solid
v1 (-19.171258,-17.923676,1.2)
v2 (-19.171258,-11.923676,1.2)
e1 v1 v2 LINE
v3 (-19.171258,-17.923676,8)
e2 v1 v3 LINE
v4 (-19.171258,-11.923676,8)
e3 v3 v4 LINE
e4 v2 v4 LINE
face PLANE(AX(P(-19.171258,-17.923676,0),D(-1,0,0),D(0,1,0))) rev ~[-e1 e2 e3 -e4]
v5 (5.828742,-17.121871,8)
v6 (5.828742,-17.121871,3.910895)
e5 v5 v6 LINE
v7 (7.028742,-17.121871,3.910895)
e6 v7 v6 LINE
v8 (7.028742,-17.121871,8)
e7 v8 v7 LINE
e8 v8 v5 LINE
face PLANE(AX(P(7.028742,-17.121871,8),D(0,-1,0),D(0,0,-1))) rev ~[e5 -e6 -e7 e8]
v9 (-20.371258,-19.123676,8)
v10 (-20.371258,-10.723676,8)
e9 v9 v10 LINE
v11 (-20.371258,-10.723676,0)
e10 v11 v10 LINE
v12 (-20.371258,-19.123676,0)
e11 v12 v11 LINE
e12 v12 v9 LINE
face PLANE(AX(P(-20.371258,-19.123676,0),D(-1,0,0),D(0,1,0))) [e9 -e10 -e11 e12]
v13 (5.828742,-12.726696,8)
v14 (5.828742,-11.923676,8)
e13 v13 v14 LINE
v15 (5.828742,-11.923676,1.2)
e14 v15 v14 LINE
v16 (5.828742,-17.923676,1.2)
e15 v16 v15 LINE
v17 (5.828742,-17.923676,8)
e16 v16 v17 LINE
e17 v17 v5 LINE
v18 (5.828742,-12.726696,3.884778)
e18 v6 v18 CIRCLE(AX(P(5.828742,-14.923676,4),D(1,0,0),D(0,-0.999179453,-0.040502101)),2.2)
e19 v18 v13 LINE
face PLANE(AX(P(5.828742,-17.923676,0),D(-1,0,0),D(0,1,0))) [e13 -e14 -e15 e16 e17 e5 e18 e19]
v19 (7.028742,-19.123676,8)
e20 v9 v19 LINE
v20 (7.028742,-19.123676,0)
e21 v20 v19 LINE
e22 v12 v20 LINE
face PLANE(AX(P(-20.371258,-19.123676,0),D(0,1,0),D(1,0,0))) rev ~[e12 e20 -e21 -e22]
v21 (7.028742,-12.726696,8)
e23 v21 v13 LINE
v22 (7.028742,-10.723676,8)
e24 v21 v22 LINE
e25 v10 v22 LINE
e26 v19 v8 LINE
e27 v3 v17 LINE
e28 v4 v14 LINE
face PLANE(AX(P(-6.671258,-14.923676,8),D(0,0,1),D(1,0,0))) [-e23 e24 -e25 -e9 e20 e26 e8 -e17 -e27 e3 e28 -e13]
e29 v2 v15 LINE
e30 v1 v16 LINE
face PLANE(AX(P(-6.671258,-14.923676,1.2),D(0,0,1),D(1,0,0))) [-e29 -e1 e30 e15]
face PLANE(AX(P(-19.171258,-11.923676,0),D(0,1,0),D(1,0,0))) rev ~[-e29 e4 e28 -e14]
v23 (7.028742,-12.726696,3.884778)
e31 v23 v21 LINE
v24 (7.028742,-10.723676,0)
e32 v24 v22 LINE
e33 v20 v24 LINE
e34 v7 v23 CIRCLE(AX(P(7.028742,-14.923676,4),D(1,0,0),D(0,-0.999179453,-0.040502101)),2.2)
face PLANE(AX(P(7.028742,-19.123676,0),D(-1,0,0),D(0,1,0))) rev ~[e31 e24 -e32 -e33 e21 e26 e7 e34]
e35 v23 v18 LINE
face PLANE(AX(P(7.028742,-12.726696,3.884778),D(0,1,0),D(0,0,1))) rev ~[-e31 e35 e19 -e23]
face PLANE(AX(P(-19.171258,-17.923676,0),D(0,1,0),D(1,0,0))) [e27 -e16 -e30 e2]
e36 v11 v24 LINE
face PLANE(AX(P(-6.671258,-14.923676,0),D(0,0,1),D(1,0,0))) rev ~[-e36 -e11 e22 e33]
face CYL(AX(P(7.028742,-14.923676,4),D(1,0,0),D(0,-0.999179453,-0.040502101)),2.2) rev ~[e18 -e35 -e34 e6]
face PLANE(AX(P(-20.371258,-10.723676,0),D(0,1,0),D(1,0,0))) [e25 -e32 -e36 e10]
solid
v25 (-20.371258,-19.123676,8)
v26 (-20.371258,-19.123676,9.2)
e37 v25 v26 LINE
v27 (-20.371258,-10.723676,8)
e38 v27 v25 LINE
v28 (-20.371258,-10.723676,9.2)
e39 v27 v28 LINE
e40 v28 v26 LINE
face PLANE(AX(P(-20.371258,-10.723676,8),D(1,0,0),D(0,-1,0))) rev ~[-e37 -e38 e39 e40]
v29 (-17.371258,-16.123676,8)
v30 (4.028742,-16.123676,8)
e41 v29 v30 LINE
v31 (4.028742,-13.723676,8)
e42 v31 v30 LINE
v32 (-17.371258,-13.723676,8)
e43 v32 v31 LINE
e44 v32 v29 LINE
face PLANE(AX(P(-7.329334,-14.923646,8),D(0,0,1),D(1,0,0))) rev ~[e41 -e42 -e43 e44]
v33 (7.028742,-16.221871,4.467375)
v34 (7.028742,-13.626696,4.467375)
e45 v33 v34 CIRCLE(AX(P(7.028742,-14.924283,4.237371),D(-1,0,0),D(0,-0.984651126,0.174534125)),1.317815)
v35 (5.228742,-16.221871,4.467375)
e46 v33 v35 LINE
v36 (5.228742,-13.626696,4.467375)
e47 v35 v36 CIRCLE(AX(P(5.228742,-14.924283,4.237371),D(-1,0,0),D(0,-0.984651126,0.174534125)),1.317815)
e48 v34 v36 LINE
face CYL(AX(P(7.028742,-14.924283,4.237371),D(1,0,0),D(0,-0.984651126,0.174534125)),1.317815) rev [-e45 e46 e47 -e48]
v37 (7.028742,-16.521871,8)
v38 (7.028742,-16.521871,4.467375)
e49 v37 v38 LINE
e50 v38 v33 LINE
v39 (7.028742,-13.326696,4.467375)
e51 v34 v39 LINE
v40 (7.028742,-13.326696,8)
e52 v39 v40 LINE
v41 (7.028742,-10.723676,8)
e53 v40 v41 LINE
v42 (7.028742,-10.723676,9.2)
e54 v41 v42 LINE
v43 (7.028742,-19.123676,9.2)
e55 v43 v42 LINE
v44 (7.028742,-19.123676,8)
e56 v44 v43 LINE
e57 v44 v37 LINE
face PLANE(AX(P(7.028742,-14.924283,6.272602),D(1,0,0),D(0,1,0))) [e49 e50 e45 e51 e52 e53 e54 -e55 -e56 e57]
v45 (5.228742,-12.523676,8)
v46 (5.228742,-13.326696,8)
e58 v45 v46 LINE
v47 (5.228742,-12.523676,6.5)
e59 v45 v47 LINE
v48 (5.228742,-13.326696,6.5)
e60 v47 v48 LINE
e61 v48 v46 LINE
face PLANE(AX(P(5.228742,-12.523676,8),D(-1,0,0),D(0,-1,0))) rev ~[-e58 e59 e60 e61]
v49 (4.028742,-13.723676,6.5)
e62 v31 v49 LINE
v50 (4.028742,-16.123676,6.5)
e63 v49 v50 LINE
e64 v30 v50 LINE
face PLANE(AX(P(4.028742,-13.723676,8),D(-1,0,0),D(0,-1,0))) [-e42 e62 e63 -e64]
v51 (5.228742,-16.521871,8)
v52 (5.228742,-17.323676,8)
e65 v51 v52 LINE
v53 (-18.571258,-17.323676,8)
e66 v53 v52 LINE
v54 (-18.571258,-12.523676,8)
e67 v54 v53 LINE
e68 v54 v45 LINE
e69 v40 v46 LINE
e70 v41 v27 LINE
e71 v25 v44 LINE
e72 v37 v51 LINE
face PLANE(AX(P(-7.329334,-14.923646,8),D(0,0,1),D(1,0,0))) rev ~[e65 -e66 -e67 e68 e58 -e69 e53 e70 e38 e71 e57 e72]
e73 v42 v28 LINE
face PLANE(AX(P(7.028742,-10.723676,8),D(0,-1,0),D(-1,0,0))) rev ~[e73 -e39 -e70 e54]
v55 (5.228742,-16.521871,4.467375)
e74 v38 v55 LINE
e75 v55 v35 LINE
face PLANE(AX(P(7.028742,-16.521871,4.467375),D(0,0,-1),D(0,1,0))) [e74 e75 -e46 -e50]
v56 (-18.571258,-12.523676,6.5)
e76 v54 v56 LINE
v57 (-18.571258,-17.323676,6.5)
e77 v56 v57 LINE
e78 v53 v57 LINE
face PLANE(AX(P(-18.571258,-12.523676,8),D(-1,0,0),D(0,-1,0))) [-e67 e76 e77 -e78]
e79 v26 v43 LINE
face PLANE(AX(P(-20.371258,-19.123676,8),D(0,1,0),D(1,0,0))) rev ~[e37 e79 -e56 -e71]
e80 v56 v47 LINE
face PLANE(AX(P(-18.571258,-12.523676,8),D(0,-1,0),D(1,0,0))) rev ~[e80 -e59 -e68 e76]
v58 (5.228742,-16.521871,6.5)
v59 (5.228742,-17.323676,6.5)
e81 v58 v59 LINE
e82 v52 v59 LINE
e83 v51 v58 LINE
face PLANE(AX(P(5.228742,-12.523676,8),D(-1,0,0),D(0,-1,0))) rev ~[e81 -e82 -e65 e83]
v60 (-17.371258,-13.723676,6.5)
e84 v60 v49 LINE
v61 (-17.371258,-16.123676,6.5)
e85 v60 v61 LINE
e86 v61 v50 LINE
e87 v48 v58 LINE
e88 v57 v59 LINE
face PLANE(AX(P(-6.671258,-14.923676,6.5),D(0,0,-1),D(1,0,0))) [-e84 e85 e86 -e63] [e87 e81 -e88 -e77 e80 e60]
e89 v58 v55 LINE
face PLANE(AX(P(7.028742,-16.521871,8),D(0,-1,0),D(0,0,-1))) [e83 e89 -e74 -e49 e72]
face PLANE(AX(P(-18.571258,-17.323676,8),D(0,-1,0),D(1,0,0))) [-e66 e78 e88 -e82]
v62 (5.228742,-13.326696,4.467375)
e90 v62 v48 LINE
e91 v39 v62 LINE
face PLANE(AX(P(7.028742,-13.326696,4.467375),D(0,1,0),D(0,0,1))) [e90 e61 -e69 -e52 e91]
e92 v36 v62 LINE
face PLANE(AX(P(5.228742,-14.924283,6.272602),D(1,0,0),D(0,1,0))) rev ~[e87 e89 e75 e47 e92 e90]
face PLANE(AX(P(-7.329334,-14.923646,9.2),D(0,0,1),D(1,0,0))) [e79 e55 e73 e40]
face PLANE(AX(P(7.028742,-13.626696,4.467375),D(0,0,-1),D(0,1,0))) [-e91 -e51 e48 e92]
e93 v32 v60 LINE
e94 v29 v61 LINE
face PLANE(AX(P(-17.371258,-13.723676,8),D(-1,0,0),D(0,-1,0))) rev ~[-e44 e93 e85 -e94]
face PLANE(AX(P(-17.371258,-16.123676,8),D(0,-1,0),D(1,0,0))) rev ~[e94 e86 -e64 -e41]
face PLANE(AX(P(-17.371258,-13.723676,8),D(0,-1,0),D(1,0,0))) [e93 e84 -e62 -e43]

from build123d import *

# Parameters (mm, degrees)
F1_W      = 25
F1_H      = 6
F2_DEPTH  = 1.2
F1_W_2    = 27.4
F1_H_2    = 8.4
F3_DEPTH  = 8
F5_DEPTH  = 1.2
F7_DEPTH  = 1.2
F8_W      = 23.8
F8_H      = 4.8
F8_W_2    = 21.4
F8_H_2    = 2.4
F9_DEPTH  = 1.5
F11_DEPTH = 1.8


with BuildPart() as f2:
    # F1 (on Top) → F2 (new body)
    with BuildSketch(Plane.XY):
        with Locations((-6.6712582588, -14.9236761609)):
            Rectangle(F1_W, F1_H)
    extrude(amount=F2_DEPTH)

    # F1 (on Top) → F3 (join)
    with BuildSketch(Plane.XY):
        with Locations((-6.6712582588, -14.9236761609)):
            Rectangle(F1_W_2, F1_H_2)
        with Locations((-6.6712582588, -14.9236761609)):
            Rectangle(F1_W, F1_H, mode=Mode.SUBTRACT)
    extrude(amount=F3_DEPTH)

    # F4 (on face) → F5 (cut, through all)
    with BuildSketch(Plane.YZ.offset(7.0287417412)):
        with BuildLine():
            Line((-17.1218709581, 8), (-17.1218709581, 4.0891046225))
            Line((-17.1218709581, 4.0891046225), (-17.1218709581, 3.9108953775))
            ThreePointArc((-17.1218709581, 3.9108953775), (-14.9367487796, 1.8000388397), (-12.7266955123, 3.8847783471))
            Line((-12.7266955123, 3.8847783471), (-12.7266955123, 4.1152216529))
            Line((-12.7266955123, 4.1152216529), (-12.7266955123, 8))
            Line((-12.7266955123, 8), (-17.1218709581, 8))
        make_face()
    extrude(amount=-F5_DEPTH, mode=Mode.SUBTRACT)


with BuildPart() as f7:
    # F6 (on face) → F7 (new body)
    with BuildSketch(Plane.XY.offset(8)):
        Polygon((7.0287417412, -10.7236761609), (-20.3712582588, -10.7236761609), (-20.3712582588, -19.1236761609), (7.0287417412, -19.1236761609), (7.0287417412, -17.1218709581), (5.8287417412, -17.1218709581), (5.8287417412, -17.9236761609), (-19.1712582588, -17.9236761609), (-19.1712582588, -11.9236761609), (5.8287417412, -11.9236761609), (5.8287417412, -12.7266955123), (7.0287417412, -12.7266955123), align=None)
        Polygon((7.0287417412, -17.1218709581), (7.0287417412, -12.7266955123), (5.8287417412, -12.7266955123), (5.8287417412, -11.9236761609), (-19.1712582588, -11.9236761609), (-19.1712582588, -17.9236761609), (5.8287417412, -17.9236761609), (5.8287417412, -17.1218709581), align=None)
    extrude(amount=F7_DEPTH)

    # F8 (on face) → F9 (join)
    with BuildSketch(Plane(origin=(0, 0, 8), x_dir=(1, 0, 0), z_dir=(0, 0, -1))):
        with Locations((-6.6712582588, 14.9236761609)):
            Rectangle(F8_W, F8_H)
        with Locations((-6.6712582588, 14.9236761609)):
            Rectangle(F8_W_2, F8_H_2, mode=Mode.SUBTRACT)
    extrude(amount=F9_DEPTH)

    # F10 (on face) → F11 (join, through all)
    with BuildSketch(Plane.YZ.offset(7.0287417412)):
        with BuildLine():
            Line((-13.6266955123, 4.4673751108), (-13.3266955123, 4.4673751108))
            Line((-13.3266955123, 4.4673751108), (-13.3266955123, 8))
            Line((-13.3266955123, 8), (-16.5218709581, 8))
            Line((-16.5218709581, 8), (-16.5218709581, 4.4673751108))
            Line((-16.5218709581, 4.4673751108), (-16.2218709581, 4.4673751108))
            ThreePointArc((-16.2218709581, 4.4673751108), (-14.9242832352, 5.5551861717), (-13.6266955123, 4.4673751108))
        make_face()
    extrude(amount=-F11_DEPTH)


solid = Compound([f2.part, f7.part])
